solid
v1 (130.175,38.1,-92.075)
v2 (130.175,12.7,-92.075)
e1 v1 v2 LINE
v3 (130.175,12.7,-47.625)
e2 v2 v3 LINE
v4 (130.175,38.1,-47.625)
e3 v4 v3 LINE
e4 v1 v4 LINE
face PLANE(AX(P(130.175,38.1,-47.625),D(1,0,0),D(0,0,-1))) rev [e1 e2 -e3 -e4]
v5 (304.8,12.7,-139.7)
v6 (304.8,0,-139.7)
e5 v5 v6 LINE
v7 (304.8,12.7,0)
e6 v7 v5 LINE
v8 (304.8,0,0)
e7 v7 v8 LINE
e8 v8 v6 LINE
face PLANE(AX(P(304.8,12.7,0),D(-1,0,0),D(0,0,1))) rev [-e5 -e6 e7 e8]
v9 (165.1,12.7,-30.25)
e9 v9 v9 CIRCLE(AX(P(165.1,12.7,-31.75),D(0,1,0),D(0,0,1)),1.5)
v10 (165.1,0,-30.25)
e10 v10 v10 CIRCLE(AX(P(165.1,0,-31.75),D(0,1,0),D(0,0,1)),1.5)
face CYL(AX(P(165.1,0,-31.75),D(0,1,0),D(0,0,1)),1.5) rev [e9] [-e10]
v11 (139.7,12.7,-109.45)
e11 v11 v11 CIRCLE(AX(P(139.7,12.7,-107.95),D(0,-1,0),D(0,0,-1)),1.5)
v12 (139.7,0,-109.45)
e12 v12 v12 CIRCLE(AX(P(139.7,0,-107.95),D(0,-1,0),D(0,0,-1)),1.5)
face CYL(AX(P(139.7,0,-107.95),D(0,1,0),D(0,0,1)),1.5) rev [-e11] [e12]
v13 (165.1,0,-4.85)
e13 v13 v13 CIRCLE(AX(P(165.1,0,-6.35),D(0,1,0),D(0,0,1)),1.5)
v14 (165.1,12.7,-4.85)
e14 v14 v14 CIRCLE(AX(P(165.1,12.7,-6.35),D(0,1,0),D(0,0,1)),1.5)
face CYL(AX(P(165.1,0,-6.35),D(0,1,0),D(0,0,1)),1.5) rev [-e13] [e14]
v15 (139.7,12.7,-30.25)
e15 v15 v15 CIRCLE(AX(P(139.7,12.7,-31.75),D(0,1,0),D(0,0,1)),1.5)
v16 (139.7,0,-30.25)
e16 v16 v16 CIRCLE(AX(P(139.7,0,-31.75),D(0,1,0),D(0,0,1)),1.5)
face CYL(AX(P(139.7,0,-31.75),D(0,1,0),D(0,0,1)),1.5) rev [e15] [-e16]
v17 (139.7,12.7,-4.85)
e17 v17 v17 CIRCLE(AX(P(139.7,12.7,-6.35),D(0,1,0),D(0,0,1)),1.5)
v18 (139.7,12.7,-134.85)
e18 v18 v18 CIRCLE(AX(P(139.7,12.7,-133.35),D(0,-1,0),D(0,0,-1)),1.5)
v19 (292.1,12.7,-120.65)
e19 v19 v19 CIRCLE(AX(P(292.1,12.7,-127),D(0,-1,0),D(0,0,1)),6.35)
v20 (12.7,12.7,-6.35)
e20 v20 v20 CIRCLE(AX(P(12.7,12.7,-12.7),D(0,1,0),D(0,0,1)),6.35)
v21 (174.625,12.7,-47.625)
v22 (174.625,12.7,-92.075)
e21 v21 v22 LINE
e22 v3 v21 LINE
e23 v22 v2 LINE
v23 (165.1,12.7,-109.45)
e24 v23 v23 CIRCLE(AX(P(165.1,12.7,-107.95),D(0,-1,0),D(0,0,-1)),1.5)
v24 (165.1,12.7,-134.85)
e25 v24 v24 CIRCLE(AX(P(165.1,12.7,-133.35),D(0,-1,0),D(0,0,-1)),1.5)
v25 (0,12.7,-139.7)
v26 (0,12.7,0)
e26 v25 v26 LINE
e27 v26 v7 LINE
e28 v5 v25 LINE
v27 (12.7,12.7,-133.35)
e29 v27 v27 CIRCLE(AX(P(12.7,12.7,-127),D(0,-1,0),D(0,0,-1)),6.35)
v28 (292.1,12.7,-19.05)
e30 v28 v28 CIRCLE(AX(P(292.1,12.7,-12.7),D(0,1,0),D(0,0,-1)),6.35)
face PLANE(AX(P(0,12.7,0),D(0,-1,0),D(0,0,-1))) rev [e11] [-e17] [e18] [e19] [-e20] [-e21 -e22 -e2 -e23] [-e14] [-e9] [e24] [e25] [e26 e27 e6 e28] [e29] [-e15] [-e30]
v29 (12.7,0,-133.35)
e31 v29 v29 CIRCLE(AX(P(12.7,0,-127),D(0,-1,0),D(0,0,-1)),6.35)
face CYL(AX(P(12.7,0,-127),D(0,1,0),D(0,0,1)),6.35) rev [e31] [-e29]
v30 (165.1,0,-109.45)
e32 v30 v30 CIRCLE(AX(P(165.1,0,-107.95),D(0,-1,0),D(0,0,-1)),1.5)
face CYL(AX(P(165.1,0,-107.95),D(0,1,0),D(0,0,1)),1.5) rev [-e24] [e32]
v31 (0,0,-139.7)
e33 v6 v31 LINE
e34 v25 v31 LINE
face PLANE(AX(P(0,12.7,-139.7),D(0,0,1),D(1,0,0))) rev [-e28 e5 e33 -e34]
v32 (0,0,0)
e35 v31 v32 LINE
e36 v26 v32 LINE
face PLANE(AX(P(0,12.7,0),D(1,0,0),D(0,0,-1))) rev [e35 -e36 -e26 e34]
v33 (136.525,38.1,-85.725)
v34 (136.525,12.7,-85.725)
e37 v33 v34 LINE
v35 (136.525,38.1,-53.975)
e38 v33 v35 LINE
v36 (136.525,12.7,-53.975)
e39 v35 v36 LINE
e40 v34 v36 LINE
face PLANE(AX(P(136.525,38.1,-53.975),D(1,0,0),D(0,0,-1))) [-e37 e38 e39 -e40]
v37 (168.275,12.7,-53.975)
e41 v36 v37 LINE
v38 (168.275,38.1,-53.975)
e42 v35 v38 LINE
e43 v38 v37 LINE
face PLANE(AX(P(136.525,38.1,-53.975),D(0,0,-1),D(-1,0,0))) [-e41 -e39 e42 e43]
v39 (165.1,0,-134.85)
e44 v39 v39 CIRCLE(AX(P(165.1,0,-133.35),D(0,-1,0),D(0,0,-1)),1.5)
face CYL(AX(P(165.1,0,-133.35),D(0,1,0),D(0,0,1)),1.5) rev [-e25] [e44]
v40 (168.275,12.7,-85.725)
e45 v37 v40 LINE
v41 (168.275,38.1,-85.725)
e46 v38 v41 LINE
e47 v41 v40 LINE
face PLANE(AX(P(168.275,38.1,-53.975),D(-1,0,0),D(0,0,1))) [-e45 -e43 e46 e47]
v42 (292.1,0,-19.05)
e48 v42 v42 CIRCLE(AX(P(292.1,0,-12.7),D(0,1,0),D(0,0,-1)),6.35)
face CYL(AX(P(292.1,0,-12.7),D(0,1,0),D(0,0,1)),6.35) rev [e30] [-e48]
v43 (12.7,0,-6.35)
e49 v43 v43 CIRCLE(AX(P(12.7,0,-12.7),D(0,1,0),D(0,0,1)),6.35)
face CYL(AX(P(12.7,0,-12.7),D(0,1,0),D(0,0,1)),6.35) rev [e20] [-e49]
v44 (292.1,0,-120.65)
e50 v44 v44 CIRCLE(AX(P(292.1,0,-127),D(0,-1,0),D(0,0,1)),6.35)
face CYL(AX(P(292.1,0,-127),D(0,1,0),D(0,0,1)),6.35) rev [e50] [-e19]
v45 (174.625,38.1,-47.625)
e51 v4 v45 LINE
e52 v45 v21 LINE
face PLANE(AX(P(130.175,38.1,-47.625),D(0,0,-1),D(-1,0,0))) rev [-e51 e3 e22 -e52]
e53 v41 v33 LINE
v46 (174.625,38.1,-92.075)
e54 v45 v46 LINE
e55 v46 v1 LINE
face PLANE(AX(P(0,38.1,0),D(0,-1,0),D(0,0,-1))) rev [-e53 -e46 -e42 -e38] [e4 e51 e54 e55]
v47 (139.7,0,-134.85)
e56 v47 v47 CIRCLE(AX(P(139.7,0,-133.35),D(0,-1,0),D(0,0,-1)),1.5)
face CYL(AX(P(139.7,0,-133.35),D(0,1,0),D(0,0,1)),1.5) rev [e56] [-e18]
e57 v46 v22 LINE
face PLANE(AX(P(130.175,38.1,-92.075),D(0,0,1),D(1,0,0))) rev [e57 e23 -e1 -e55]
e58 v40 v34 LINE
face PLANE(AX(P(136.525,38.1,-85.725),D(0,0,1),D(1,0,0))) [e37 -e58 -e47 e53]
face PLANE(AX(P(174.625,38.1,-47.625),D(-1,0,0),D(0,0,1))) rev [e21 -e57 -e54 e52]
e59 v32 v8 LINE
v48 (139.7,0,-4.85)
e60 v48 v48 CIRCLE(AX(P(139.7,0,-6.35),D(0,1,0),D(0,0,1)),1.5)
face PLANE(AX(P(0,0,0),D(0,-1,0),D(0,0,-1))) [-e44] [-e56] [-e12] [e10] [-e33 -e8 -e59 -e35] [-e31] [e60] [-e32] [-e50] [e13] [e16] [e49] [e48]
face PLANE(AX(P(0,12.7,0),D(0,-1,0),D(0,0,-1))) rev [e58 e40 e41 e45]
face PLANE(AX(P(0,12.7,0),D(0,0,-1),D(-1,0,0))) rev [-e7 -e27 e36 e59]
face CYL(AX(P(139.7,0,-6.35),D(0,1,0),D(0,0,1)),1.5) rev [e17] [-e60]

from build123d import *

# Parameters (mm, degrees)
SKETCH1_W           = 304.8
SKETCH1_H           = 139.7
BOSS_EXTRUDE1_DEPTH = 12.7
SKETCH5_R           = 1.5
SKETCH5_R_2         = 6.35
CUT_EXTRUDE2_DEPTH  = 13.7
SKETCH8_W           = 44.45
SKETCH8_H           = 44.45
SKETCH8_W_2         = 31.75
SKETCH8_H_2         = 31.75
BOSS_EXTRUDE3_DEPTH = 25.4


with BuildPart() as part:
    # Sketch1 → Boss-Extrude1 (new body)
    with BuildSketch(Plane(origin=(0, 0, 0), x_dir=(1, 0, 0), z_dir=(0, 1, 0))):
        with Locations((152.4, 69.85)):
            Rectangle(SKETCH1_W, SKETCH1_H)
    extrude(amount=BOSS_EXTRUDE1_DEPTH)

    # Sketch5 → Cut-Extrude2 (cut, through all)
    with BuildSketch(Plane(origin=(0, 12.7, 0), x_dir=(1, 0, 0), z_dir=(0, 1, 0))):
        with Locations((165.1, 6.35)):
            Circle(SKETCH5_R)
        with Locations((165.1, 31.75)):
            Circle(SKETCH5_R)
        with Locations((139.7, 31.75)):
            Circle(SKETCH5_R)
        with Locations((12.7, 12.7)):
            Circle(SKETCH5_R_2)
        with Locations((139.7, 6.35)):
            Circle(SKETCH5_R)
        with Locations((292.1, 12.7)):
            Circle(SKETCH5_R_2)
    cut_extrude2 = extrude(amount=-CUT_EXTRUDE2_DEPTH, mode=Mode.SUBTRACT)

    # Sketch8 → Boss-Extrude3 (add)
    with BuildSketch(Plane(origin=(0, 12.7, 0), x_dir=(1, 0, 0), z_dir=(0, 1, 0))):
        with Locations((152.4, 69.85)):
            Rectangle(SKETCH8_W, SKETCH8_H)
        with Locations((152.4, 69.85)):
            Rectangle(SKETCH8_W_2, SKETCH8_H_2, mode=Mode.SUBTRACT)
    extrude(amount=BOSS_EXTRUDE3_DEPTH)

    # Mirror1: Cut-Extrude2 across plane
    add(cut_extrude2.mirror(Plane.XY.offset(-69.85)), mode=Mode.SUBTRACT)


solid = part.part
